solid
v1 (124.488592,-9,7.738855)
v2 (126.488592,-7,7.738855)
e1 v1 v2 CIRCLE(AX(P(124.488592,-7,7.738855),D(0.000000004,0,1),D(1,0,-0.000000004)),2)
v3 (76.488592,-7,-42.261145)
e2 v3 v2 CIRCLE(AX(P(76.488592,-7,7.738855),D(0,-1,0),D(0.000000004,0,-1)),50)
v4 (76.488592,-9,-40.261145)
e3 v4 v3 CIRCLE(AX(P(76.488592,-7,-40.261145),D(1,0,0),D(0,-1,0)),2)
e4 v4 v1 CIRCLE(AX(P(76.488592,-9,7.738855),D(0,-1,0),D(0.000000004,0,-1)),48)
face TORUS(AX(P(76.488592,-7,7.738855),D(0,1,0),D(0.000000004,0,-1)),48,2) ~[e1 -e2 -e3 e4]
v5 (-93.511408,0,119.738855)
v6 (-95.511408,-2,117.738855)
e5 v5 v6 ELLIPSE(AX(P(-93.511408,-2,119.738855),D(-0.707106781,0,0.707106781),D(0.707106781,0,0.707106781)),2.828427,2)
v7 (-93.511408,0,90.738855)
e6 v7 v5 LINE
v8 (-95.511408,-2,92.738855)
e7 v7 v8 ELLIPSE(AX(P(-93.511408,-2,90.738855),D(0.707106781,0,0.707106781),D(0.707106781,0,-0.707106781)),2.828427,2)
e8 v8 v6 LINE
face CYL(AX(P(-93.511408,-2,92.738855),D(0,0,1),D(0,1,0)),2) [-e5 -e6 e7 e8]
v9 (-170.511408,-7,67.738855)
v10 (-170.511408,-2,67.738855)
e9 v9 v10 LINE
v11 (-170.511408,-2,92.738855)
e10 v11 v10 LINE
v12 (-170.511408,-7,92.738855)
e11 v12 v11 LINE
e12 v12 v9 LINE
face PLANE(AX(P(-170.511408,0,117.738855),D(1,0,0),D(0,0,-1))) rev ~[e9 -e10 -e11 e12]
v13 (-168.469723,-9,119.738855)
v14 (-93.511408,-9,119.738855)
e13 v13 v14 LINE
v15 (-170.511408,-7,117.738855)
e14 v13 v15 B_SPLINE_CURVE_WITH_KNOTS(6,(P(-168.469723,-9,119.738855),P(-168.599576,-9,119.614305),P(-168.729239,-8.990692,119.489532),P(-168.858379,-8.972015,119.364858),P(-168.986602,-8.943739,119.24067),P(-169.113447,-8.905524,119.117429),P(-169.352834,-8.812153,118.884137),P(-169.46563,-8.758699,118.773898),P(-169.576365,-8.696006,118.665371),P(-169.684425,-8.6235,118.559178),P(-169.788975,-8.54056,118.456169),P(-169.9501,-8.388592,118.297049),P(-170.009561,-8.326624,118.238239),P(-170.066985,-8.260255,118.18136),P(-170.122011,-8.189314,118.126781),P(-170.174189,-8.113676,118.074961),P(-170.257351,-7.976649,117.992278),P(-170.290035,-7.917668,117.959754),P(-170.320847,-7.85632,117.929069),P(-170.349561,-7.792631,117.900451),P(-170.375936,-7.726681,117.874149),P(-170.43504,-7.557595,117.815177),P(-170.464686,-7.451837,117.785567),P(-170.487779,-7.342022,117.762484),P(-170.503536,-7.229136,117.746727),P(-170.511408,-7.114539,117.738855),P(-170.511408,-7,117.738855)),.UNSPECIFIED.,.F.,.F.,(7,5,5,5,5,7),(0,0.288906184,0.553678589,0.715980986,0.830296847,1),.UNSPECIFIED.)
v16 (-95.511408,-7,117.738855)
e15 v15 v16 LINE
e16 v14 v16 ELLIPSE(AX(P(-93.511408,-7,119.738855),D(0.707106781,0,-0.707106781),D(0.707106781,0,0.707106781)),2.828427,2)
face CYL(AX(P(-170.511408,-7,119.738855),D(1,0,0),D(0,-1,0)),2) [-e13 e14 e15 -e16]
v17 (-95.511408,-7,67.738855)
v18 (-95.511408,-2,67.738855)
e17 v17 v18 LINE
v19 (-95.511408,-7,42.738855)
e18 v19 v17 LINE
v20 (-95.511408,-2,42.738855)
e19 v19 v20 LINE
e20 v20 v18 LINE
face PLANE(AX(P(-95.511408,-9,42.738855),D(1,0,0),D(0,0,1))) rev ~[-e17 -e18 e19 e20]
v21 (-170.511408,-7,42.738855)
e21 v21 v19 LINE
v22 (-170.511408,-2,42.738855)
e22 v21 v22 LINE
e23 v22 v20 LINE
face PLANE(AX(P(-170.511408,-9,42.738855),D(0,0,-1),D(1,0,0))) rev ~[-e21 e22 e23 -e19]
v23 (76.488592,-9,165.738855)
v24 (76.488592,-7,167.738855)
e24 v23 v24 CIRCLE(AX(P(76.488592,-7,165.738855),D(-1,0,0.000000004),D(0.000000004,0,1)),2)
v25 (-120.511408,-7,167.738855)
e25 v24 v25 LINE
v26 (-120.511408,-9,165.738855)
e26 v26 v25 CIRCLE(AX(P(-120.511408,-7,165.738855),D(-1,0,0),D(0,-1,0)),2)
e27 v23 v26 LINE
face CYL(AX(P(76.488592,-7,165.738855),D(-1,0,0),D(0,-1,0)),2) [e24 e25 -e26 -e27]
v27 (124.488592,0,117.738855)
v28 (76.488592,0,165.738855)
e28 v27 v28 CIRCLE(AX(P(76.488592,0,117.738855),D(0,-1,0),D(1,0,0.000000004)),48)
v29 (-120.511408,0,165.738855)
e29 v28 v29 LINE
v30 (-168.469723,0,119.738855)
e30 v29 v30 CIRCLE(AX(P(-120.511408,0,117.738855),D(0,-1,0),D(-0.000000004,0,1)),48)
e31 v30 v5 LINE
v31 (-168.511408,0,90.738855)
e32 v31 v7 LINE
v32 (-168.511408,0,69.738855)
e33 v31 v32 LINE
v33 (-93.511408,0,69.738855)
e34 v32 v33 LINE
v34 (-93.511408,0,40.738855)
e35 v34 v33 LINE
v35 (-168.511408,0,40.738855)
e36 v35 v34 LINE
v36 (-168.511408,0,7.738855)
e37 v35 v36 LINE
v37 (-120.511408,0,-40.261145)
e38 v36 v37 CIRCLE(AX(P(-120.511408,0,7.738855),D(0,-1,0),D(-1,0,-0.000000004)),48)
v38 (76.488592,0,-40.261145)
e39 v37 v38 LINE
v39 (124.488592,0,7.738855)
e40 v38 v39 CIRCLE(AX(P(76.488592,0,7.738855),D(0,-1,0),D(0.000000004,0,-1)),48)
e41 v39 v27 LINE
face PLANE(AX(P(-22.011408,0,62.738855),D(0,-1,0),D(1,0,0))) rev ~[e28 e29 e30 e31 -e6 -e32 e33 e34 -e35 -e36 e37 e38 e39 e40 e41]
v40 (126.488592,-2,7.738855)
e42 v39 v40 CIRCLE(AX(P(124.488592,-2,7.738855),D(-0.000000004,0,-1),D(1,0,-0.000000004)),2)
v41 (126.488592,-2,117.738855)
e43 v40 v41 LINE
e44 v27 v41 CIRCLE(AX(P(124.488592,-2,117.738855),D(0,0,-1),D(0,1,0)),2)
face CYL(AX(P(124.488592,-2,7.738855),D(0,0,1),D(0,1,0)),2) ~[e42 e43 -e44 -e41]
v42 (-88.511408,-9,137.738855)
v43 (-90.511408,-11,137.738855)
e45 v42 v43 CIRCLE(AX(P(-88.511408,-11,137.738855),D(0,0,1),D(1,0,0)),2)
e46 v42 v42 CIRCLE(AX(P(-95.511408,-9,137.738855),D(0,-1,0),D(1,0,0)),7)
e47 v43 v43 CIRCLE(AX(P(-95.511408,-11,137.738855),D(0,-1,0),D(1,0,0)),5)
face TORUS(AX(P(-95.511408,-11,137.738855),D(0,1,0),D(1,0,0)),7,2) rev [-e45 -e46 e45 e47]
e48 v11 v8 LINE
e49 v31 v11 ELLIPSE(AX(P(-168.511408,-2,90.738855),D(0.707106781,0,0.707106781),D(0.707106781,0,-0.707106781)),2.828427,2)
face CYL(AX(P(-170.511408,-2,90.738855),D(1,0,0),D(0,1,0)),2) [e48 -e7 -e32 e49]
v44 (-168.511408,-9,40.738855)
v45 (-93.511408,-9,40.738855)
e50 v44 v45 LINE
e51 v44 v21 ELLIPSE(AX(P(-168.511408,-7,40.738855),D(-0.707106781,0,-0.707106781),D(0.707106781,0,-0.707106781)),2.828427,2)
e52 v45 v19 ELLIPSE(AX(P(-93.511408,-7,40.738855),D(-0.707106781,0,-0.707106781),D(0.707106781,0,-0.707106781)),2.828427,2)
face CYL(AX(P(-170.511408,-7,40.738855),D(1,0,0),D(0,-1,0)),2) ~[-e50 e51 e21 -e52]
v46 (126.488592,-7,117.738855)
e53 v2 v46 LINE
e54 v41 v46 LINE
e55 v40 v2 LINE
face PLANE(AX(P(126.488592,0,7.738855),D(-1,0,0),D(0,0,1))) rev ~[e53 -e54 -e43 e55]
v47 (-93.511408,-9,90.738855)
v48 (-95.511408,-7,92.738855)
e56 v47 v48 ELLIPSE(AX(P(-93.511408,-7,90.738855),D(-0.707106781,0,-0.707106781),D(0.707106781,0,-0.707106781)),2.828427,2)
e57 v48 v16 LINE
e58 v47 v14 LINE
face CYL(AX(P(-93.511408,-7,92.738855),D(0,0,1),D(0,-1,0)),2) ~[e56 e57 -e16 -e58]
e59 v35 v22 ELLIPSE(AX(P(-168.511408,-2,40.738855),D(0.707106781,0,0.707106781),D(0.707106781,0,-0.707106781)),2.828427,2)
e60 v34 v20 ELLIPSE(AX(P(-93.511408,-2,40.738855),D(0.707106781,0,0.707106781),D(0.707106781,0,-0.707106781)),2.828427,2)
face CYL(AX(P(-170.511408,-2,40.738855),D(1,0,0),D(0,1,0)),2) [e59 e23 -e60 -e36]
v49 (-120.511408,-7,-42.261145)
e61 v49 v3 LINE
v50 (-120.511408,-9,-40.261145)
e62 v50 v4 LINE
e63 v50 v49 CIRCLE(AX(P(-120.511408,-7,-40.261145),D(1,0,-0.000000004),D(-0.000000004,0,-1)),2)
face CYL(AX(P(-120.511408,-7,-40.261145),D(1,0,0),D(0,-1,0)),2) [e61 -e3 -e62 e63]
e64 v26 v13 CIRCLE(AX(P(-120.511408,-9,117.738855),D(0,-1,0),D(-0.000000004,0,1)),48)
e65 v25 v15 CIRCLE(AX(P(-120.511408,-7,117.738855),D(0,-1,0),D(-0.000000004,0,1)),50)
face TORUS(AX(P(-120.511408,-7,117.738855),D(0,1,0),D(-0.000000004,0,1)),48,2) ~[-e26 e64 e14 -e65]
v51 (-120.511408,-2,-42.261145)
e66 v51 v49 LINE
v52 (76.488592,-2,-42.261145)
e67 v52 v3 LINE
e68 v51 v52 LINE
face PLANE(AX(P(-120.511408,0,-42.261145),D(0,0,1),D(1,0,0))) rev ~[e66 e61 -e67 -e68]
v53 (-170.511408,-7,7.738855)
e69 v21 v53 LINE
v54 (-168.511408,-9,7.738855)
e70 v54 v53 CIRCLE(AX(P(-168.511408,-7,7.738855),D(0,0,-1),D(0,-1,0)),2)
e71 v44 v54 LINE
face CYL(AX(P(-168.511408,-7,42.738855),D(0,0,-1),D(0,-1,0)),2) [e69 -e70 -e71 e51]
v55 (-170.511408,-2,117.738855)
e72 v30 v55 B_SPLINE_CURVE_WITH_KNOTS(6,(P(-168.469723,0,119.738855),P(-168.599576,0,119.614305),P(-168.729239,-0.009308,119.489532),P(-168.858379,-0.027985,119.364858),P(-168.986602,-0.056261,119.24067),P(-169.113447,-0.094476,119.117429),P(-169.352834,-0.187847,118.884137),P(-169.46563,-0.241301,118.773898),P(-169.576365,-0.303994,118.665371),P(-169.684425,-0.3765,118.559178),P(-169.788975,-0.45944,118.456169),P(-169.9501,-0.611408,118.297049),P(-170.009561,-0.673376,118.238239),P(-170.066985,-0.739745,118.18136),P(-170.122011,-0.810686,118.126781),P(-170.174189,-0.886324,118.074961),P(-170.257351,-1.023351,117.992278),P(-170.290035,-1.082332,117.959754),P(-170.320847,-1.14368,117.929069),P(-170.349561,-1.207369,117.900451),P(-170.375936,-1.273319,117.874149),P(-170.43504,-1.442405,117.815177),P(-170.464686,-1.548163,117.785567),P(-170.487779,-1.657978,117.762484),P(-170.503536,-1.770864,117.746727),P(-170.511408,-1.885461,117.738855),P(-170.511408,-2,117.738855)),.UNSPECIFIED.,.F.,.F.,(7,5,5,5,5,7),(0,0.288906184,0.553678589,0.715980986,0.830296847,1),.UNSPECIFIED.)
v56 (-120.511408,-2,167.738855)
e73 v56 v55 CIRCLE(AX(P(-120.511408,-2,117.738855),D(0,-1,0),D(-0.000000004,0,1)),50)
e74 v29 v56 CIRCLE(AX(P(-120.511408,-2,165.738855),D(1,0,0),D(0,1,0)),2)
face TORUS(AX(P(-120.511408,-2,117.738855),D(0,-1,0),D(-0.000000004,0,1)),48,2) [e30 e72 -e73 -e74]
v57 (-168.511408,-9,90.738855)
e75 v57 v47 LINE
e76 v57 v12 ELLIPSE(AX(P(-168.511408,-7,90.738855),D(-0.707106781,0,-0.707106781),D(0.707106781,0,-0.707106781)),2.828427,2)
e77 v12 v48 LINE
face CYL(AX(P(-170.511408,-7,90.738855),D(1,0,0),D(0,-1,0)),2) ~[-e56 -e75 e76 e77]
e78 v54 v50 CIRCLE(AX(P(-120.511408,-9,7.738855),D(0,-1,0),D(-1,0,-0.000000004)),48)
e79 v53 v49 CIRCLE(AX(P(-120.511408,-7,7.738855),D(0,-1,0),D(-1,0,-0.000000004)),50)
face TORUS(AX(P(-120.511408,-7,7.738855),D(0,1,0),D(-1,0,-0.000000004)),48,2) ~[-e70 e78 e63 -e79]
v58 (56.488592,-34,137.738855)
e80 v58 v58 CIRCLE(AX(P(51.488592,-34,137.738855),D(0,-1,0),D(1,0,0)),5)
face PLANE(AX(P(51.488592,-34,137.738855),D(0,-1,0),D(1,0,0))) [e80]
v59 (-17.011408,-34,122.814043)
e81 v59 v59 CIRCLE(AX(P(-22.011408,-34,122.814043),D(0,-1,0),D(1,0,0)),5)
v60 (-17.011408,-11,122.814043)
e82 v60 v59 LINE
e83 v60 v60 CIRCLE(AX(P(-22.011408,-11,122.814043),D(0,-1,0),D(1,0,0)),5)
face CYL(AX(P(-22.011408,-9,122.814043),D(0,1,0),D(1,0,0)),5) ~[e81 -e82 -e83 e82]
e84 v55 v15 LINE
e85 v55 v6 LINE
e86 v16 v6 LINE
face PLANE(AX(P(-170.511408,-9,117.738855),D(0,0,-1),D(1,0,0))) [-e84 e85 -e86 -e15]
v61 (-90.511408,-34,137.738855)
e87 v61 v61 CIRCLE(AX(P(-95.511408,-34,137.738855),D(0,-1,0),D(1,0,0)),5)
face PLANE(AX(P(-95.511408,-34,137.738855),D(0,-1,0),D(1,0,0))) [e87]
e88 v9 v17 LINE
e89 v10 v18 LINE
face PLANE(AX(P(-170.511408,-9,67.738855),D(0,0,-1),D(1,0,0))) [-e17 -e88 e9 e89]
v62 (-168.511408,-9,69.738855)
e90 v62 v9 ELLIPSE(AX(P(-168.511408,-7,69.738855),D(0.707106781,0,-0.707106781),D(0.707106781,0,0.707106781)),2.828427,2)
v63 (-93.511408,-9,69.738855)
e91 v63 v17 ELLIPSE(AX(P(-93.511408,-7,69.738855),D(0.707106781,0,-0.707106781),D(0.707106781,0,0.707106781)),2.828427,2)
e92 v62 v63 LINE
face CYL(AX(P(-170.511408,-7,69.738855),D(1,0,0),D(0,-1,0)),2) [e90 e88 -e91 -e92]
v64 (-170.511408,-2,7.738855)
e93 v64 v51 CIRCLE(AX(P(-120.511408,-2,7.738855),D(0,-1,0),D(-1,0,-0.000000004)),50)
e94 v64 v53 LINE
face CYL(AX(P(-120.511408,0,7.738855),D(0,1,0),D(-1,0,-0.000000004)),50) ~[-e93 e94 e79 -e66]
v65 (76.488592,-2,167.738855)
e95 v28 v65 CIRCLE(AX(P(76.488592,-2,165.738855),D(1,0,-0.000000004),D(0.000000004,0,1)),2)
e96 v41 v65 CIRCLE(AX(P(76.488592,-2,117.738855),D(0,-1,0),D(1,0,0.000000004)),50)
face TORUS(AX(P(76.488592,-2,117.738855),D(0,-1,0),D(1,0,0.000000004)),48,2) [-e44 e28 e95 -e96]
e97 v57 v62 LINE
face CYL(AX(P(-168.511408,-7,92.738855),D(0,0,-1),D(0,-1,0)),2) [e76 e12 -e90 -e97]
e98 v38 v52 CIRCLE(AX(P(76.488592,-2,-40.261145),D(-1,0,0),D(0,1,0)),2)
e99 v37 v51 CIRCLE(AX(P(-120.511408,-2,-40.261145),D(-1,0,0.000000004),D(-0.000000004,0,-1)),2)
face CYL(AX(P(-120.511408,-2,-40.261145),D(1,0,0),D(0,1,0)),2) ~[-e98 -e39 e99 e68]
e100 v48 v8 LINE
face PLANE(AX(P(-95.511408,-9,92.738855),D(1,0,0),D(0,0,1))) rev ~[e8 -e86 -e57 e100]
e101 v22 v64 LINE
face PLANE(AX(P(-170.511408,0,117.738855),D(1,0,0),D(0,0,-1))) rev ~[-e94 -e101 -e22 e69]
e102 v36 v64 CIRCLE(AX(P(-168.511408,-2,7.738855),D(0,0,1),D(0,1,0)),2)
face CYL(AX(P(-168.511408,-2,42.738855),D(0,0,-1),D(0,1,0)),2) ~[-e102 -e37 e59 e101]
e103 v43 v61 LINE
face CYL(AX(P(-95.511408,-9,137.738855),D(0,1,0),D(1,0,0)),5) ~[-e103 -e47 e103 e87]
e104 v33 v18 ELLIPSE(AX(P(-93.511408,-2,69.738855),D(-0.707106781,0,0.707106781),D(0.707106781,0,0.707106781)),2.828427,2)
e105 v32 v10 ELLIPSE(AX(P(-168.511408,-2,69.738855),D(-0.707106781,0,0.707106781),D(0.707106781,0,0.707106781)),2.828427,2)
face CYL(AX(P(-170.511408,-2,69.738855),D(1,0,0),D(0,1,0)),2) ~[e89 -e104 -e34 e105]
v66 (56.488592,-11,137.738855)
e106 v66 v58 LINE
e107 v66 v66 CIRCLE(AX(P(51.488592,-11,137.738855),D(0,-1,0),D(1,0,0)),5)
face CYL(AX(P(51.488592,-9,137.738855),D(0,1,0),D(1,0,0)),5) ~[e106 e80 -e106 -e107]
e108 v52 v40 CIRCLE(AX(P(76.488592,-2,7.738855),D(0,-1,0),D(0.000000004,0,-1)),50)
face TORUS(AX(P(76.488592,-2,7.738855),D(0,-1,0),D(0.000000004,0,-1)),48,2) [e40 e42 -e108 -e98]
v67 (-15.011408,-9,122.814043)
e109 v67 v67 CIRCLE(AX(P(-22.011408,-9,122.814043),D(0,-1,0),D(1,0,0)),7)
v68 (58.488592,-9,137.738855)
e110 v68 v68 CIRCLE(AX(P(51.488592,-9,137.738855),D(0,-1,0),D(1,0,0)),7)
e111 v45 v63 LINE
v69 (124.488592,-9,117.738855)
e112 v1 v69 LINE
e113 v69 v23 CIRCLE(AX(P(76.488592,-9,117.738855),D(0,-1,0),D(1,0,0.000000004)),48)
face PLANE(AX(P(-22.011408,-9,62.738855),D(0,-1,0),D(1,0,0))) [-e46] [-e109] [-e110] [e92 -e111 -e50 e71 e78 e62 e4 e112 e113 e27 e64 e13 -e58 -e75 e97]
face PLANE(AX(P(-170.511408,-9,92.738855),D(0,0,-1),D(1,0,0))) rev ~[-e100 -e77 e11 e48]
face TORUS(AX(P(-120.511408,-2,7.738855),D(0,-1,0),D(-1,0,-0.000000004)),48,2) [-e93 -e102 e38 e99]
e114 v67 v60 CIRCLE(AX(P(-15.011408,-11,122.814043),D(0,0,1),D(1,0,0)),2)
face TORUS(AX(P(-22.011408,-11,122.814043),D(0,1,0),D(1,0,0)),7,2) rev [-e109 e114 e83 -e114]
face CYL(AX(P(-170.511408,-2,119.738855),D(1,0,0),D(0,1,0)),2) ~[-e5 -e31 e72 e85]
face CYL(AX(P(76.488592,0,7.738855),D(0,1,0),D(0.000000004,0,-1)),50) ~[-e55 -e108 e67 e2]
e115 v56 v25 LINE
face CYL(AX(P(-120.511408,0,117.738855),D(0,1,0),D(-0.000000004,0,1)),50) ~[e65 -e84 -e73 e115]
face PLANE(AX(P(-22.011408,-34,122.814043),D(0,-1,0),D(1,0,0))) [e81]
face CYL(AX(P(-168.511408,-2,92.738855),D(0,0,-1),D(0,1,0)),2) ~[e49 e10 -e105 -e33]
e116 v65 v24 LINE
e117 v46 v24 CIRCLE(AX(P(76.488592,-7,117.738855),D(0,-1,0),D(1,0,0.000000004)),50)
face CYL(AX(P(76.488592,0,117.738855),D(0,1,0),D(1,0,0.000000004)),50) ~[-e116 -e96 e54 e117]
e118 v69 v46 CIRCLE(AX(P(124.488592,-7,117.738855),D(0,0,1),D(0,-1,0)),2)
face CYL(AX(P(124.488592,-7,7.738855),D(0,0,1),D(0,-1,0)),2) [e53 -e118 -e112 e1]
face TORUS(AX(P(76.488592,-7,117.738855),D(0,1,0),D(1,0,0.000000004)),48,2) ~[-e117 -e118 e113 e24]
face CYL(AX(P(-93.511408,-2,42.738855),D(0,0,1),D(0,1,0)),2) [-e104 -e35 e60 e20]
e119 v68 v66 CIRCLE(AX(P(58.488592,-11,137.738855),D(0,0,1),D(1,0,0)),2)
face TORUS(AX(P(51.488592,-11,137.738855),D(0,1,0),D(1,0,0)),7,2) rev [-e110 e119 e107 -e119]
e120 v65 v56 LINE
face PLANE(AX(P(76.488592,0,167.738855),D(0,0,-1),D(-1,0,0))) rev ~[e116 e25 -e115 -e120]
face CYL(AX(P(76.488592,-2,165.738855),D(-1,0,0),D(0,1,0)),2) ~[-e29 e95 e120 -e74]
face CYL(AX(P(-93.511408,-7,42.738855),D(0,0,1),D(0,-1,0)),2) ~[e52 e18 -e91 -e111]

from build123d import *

# Parameters (mm, degrees)
F1_DEPTH = 9
F2_R     = 5
F3_DEPTH = 25
F4_W     = 75
F4_H     = 25
F5_DEPTH = 25
F6_R     = 2


with BuildPart() as f1:
    # F0 (on Front) → F1 (new body)
    with BuildSketch(Plane.XZ):
        with BuildLine():
            Line((76.488592, 167.738855), (-120.511408, 167.738855))
            ThreePointArc((-120.511408, 167.738855), (-155.866747, 153.094194), (-170.511408, 117.738855))
            Line((-170.511408, 117.738855), (-170.511408, 7.738855))
            ThreePointArc((-170.511408, 7.738855), (-155.866747, -27.616484), (-120.511408, -42.261145))
            Line((-120.511408, -42.261145), (76.488592, -42.261145))
            ThreePointArc((76.488592, -42.261145), (111.843931, -27.616484), (126.488592, 7.738855))
            Line((126.488592, 7.738855), (126.488592, 117.738855))
            ThreePointArc((126.488592, 117.738855), (111.843931, 153.094194), (76.488592, 167.738855))
        make_face()
    extrude(amount=F1_DEPTH)

    # F2 (on face) → F3 (join)
    with BuildSketch(Plane.XZ.offset(9)):
        with Locations((-95.511408, 137.738855)):
            Circle(F2_R)
        with Locations((-22.011408, 122.814043)):
            Circle(F2_R)
        with Locations((51.488592, 137.738855)):
            Circle(F2_R)
    extrude(amount=F3_DEPTH)

    # F4 (on face) → F5 (cut)
    with BuildSketch(Plane.XZ.offset(9)):
        with Locations((-133.011408, 105.238855)):
            Rectangle(F4_W, F4_H)
        with Locations((-133.011408, 55.238855)):
            Rectangle(F4_W, F4_H)
    extrude(amount=-F5_DEPTH, mode=Mode.SUBTRACT)

    # F6
    f6_edges = [f1.edges().sort_by_distance(p)[0] for p in [
        (111.843931, -9, -27.616484),
        (-22.011408, -9, -42.261145),
        (-155.866747, -9, -27.616484),
        (-170.511408, -9, 25.238855),
        (-133.011408, -9, 42.738855),
        (-95.511408, -9, 55.238855),
        (-133.011408, -9, 67.738855),
        (-170.511408, -9, 80.238855),
        (-133.011408, -9, 92.738855),
        (-95.511408, -9, 105.238855),
        (-133.011408, -9, 117.738855),
        (-155.866747, -9, 153.094194),
        (-22.011408, -9, 167.738855),
        (111.843931, -9, 153.094194),
        (126.488592, -9, 62.738855),
        (-27.011408, -9, 122.814043),
        (-100.511408, -9, 137.738855),
        (46.488592, -9, 137.738855),
        (111.843931, 0, -27.616484),
        (-22.011408, 0, -42.261145),
        (-155.866747, 0, -27.616484),
        (-170.511408, 0, 25.238855),
        (-133.011408, 0, 42.738855),
        (-95.511408, 0, 55.238855),
        (-133.011408, 0, 67.738855),
        (-170.511408, 0, 80.238855),
        (-133.011408, 0, 92.738855),
        (-95.511408, 0, 105.238855),
        (-133.011408, 0, 117.738855),
        (-155.866747, 0, 153.094194),
        (-22.011408, 0, 167.738855),
        (111.843931, 0, 153.094194),
        (126.488592, 0, 62.738855),
    ]]
    fillet(f6_edges, radius=F6_R)


solid = f1.part
